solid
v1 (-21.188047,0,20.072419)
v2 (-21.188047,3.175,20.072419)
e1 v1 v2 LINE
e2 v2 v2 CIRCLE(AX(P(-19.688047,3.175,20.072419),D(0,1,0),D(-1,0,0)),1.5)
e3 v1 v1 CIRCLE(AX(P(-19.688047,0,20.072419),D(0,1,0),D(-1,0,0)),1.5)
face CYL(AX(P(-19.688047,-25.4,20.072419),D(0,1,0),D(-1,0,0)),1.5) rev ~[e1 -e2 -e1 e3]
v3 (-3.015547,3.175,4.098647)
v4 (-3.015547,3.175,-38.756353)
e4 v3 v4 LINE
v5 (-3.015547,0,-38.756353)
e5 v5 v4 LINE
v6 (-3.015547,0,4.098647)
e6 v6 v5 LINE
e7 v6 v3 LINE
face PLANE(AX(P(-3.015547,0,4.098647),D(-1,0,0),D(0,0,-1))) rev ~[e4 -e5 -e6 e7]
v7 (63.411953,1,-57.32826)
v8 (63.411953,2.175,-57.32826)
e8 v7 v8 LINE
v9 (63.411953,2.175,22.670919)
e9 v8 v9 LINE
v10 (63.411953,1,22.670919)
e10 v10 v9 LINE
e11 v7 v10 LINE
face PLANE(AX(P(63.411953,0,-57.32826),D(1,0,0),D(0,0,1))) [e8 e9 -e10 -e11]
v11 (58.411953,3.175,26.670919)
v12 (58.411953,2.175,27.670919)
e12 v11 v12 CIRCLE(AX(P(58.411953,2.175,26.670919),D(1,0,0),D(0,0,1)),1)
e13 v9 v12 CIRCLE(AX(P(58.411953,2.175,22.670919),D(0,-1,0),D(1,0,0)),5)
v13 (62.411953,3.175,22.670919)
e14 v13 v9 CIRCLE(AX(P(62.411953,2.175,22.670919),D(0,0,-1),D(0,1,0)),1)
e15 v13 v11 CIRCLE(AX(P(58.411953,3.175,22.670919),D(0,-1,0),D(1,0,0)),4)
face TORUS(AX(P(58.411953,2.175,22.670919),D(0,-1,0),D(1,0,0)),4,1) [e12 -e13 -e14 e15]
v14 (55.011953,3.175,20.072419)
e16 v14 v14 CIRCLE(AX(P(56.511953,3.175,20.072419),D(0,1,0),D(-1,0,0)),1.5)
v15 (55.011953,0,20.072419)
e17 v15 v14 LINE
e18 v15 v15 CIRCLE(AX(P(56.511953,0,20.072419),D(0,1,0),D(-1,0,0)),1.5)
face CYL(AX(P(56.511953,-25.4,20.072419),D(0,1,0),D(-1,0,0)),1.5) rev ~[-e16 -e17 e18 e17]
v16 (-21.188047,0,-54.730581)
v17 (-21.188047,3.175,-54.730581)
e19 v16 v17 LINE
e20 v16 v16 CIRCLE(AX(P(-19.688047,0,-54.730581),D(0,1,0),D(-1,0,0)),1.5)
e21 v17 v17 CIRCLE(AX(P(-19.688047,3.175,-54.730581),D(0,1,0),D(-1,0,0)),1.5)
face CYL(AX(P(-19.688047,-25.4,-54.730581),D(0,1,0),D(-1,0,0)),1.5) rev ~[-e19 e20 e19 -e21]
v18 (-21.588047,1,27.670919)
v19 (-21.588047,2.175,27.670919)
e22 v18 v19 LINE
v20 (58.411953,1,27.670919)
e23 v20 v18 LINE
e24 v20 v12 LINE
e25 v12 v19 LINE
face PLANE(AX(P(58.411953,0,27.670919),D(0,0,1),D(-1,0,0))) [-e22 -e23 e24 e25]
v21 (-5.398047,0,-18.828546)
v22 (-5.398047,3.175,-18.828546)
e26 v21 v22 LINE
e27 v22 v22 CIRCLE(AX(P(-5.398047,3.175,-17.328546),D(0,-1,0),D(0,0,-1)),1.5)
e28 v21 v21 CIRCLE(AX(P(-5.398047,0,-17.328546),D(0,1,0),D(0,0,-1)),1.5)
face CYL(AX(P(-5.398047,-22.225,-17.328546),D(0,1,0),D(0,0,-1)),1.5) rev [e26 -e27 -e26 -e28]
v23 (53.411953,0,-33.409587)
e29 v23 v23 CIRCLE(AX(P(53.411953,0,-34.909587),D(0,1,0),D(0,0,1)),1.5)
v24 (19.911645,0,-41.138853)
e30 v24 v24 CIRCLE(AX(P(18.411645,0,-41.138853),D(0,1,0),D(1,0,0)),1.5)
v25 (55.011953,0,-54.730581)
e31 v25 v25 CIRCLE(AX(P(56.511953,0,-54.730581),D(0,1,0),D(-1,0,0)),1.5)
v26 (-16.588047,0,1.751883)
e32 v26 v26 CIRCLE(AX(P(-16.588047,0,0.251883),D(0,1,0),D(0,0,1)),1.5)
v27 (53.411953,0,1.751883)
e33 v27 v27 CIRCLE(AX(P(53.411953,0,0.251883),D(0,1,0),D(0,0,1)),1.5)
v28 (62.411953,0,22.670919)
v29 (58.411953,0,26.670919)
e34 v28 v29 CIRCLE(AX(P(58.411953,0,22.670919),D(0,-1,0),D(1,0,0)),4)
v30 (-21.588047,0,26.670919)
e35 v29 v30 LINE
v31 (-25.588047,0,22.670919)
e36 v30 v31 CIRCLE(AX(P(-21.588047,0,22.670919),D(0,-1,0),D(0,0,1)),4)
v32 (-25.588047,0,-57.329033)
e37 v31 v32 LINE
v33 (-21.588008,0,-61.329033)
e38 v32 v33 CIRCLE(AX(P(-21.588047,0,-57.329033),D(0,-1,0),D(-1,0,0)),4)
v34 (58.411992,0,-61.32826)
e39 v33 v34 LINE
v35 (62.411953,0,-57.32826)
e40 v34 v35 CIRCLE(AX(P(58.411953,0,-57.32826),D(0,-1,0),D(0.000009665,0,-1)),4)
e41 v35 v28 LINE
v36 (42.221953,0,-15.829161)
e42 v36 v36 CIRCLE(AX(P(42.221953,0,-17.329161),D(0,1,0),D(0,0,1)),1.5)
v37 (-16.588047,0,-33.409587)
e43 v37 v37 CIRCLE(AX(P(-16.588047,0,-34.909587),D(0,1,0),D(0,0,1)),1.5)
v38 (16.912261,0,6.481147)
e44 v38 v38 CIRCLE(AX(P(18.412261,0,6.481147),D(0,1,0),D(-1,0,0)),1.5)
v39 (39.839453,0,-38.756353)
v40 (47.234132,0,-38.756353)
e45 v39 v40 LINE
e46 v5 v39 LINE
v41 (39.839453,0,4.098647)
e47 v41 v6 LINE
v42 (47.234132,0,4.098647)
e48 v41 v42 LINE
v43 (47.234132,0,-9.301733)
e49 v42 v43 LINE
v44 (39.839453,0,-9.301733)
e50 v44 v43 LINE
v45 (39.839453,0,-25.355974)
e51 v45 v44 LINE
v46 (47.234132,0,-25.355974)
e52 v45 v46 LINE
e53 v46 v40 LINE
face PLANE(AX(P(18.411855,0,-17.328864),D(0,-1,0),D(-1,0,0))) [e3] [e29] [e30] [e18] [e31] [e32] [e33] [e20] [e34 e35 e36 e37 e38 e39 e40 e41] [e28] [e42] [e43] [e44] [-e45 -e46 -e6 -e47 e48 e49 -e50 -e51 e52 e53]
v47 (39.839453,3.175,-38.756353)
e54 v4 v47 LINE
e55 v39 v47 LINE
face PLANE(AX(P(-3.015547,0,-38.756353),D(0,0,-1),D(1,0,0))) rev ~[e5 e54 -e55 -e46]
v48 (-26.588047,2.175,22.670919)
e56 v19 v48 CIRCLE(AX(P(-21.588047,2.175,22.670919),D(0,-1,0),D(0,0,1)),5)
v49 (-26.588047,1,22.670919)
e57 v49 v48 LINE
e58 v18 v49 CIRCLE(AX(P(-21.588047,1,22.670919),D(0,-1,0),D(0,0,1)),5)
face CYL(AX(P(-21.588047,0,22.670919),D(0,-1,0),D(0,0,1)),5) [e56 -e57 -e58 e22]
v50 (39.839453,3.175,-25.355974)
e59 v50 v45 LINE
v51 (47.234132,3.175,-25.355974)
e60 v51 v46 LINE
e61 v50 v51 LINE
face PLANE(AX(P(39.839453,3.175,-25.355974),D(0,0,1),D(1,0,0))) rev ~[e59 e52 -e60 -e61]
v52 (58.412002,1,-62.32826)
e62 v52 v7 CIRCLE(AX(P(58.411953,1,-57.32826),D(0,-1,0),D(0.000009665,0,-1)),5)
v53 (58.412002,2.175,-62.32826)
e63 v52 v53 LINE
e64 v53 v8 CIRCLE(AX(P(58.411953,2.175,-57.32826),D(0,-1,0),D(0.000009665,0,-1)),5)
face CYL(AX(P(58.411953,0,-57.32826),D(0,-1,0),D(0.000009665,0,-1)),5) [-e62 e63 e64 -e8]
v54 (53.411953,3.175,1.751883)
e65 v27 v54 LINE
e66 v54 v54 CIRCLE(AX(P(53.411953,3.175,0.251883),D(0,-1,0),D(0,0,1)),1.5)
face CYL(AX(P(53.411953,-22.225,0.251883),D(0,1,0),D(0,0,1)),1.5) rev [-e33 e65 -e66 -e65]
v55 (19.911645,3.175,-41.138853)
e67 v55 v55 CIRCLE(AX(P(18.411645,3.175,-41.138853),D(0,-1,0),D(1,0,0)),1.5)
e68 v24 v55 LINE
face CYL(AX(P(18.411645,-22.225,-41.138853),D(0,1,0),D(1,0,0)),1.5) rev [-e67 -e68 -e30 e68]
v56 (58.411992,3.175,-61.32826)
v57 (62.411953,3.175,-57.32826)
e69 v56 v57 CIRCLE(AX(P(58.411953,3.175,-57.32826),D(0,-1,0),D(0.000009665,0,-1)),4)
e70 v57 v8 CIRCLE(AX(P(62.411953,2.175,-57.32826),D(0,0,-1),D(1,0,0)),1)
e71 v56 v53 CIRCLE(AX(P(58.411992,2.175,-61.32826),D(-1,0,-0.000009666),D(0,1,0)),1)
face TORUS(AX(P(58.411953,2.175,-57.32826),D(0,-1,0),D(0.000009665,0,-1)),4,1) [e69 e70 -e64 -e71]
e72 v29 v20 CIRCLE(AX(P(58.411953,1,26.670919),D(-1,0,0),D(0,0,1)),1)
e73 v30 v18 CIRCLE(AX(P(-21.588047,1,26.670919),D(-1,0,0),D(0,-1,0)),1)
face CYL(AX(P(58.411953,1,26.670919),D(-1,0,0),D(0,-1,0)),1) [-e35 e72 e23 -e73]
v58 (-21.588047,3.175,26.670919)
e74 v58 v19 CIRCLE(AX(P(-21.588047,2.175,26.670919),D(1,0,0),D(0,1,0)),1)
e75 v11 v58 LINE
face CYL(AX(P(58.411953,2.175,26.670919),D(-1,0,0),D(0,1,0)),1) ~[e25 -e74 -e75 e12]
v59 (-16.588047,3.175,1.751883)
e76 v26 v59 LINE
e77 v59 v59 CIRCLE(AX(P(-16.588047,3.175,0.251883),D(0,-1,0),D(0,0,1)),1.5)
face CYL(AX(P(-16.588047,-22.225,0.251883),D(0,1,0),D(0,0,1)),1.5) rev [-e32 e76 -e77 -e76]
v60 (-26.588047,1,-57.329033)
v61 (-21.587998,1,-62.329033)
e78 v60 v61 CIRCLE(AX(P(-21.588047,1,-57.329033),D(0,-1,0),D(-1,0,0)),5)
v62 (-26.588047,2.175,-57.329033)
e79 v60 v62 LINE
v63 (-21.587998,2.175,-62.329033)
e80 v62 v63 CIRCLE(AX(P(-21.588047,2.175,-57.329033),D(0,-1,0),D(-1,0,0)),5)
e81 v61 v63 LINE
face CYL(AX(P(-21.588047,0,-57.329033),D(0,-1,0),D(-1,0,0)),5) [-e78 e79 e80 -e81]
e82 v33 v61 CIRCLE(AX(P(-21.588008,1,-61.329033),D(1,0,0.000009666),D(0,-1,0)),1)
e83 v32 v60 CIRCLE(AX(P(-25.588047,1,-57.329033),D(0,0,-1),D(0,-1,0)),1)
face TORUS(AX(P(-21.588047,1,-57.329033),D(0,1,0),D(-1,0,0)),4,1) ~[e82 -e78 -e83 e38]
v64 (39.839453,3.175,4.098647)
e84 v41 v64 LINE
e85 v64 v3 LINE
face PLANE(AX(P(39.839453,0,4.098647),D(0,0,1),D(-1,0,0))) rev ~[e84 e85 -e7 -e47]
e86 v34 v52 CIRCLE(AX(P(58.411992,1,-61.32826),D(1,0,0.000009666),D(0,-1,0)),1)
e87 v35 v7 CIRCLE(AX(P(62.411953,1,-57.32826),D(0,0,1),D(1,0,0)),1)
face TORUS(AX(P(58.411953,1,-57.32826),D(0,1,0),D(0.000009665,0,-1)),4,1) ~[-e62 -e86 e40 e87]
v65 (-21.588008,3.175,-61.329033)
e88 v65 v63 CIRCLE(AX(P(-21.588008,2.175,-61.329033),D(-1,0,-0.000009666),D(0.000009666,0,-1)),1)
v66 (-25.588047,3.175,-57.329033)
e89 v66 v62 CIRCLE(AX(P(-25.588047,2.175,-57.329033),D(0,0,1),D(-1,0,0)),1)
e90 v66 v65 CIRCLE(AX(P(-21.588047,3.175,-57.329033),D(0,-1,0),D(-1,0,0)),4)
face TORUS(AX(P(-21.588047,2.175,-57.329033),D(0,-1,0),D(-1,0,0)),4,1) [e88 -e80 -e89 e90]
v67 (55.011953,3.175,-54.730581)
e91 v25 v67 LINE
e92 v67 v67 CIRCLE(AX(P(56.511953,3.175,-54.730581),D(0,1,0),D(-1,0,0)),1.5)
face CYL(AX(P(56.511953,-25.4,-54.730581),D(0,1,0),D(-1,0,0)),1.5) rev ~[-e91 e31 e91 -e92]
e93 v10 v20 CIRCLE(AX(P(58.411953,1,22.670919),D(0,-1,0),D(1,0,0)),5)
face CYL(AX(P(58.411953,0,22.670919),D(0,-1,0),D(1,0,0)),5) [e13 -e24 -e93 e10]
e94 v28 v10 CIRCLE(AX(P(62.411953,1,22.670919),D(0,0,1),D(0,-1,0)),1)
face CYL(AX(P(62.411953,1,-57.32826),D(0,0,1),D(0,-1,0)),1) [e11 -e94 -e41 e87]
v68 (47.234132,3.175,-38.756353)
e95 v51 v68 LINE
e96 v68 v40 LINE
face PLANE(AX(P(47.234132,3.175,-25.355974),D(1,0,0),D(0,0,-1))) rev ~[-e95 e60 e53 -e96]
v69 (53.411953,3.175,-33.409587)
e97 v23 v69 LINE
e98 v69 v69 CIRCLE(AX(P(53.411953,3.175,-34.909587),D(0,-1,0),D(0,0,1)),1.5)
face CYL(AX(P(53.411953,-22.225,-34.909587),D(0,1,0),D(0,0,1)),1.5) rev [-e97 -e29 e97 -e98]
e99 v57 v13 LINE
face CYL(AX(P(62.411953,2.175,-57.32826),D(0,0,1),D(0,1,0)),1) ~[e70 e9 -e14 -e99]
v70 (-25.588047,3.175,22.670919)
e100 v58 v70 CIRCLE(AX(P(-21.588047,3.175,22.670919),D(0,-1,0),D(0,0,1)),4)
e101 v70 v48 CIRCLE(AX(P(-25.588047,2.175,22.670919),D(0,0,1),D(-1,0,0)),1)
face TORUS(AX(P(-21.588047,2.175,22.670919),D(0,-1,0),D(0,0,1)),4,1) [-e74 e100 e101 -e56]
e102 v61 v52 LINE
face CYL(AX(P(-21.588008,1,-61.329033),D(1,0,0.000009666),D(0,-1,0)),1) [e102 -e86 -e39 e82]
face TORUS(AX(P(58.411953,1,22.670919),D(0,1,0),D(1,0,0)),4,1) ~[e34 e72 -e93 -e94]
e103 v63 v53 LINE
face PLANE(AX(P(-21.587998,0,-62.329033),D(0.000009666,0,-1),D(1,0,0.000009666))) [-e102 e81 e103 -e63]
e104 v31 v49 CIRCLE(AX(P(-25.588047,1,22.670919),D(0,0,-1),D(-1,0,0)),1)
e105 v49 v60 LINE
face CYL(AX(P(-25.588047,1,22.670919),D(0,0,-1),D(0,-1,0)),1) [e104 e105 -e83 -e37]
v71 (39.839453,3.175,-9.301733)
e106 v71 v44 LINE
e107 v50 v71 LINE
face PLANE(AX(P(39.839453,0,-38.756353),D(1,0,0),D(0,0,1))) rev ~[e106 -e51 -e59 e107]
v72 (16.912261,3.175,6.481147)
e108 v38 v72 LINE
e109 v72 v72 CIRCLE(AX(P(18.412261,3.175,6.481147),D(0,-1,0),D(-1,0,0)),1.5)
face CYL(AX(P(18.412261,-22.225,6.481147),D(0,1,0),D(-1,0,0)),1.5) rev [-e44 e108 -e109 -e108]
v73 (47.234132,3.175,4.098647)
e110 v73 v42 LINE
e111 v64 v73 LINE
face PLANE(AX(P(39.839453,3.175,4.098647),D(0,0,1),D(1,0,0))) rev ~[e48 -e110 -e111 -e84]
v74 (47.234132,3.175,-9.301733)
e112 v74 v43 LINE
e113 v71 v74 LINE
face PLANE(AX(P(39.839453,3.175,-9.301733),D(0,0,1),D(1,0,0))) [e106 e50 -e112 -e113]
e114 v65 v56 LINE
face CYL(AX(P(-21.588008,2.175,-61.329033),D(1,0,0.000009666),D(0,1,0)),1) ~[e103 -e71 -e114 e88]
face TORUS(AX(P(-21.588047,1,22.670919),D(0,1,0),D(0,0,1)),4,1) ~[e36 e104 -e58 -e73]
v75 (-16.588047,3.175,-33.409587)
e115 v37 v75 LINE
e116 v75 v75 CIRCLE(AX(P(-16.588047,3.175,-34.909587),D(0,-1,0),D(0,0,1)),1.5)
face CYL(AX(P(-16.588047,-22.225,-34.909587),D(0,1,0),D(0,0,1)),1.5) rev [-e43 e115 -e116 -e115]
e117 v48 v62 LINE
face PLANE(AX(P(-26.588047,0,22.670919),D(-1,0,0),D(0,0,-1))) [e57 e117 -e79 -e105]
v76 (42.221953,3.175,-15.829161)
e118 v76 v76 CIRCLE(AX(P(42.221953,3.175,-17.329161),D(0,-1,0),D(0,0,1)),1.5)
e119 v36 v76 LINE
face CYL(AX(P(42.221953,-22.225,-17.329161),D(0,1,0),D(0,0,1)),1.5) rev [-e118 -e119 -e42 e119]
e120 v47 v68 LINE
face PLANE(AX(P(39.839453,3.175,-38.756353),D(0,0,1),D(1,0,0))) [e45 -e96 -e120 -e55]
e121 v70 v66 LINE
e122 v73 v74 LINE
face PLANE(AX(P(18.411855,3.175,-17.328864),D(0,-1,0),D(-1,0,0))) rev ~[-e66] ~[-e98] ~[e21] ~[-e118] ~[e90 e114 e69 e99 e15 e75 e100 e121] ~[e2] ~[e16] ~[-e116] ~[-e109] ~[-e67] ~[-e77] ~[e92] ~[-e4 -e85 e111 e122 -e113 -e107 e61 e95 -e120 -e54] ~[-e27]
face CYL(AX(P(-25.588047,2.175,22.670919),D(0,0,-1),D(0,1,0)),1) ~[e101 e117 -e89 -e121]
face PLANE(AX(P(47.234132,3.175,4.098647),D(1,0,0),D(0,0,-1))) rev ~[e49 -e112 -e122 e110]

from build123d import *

# Parameters (mm, degrees)
ALUMINUM_PLATE_DEPTH         = 3.175
SKETCH5_W                    = 7.394678559
SKETCH5_H                    = 13.40037918
SKETCH5_H_2                  = 13.400379181
CUT_EXTRUDE18_DEPTH          = 3.175
LPATTERN1_COUNT              = 2
LPATTERN1_PITCH              = 70
LPATTERN1_COUNT_DIR2         = 2
LPATTERN1_PITCH_DIR2         = 35.16147
CIRPATTERN1_COUNT            = 4
F_3_0_3_DIAMETER_HOLE5_D     = 3
F_3_0_3_DIAMETER_HOLE5_DEPTH = 25.4
F_3_0_3_DIAMETER_HOLE5_TIP   = 0.901290929
FILLET1_R                    = 1


with BuildPart() as part:
    # Sketch2 → Aluminum plate (new body)
    with BuildSketch(Plane(origin=(0, 0, 0), x_dir=(1, 0, 0), z_dir=(0, 1, 0))):
        with BuildLine():
            Line((58.411953225, -27.670918752), (-21.588046771, -27.670918749))
            ThreePointArc((-21.588046771, -27.670918749), (-25.123580677, -26.206452654), (-26.588046771, -22.670918748))
            Line((-26.588046771, -22.670918748), (-26.588046767, 57.329032922))
            ThreePointArc((-26.588046767, 57.329032922), (-25.123563586, 60.864583915), (-21.587998438, 62.329032922))
            Line((-21.587998438, 62.329032922), (58.412001558, 62.328259655))
            ThreePointArc((58.412001558, 62.328259655), (61.947504222, 60.863776475), (63.411953229, 57.328259655))
            Line((63.411953229, 57.328259655), (63.411953225, -22.670918752))
            ThreePointArc((63.411953225, -22.670918752), (61.947487131, -26.206452658), (58.411953225, -27.670918752))
        make_face()
        Polygon((39.839453224, -4.0986466), (-3.015546772, -4.098646598), (-3.01554677, 38.756353402), (39.83945323, 38.7563534), align=None, mode=Mode.SUBTRACT)
    extrude(amount=ALUMINUM_PLATE_DEPTH)

    # Sketch5 → Cut-Extrude18 (cut)
    with BuildSketch(Plane(origin=(0, 3.175, 0), x_dir=(1, 0, 0), z_dir=(0, 1, 0))):
        with Locations((43.53679251, 2.60154299)):
            Rectangle(SKETCH5_W, SKETCH5_H)
        with Locations((43.53679251, 32.056163809)):
            Rectangle(SKETCH5_W, SKETCH5_H_2)
    extrude(amount=-CUT_EXTRUDE18_DEPTH, mode=Mode.SUBTRACT)

    # Sketch12 → Ø3.0 (3) Diameter Hole3 (revolve, cut)
    with BuildSketch(Plane(origin=(-16.588046767, 3.175, -34.909587365), x_dir=(0, 0, 1), z_dir=(1, 0, 0))):
        Polygon((0, 0), (0, 26.301290929), (1.5, 25.4), (1.5, 0), align=None)
    f_3_0_3_diameter_hole3 = revolve(axis=Axis((-16.588046767, 9.525, -34.909587365), (0, -1, 0)), mode=Mode.SUBTRACT)

    # LPattern1: 3.0 _3_ Diameter Hole3 2 × 2
    with Locations(*[(i * LPATTERN1_PITCH, 0, j * LPATTERN1_PITCH_DIR2) for i in range(LPATTERN1_COUNT) for j in range(LPATTERN1_COUNT_DIR2) if (i, j) != (0, 0)]):
        add(f_3_0_3_diameter_hole3, mode=Mode.SUBTRACT)

    # Sketch14 → Ø3.0 (3) Diameter Hole4 (revolve, cut)
    with BuildSketch(Plane(origin=(42.221953226, 3.175, -17.329161252), x_dir=(0, 0, 1), z_dir=(1, 0, 0))):
        Polygon((0, 0), (0, 26.301290929), (1.5, 25.4), (1.5, 0), align=None)
    f_3_0_3_diameter_hole4 = revolve(axis=Axis((42.221953226, 9.525, -17.329161252), (0, -1, 0)), mode=Mode.SUBTRACT)

    # CirPattern1: Ø3.0 (3) Diameter Hole4 ×4 about axis
    cirpattern1_axis = Axis((18.411953227, 48.172334768, -17.328853403), (0, -1, 0))
    for i in range(1, CIRPATTERN1_COUNT):
        add(f_3_0_3_diameter_hole4.rotate(cirpattern1_axis, i * 360 / CIRPATTERN1_COUNT), mode=Mode.SUBTRACT)

    # Ø3.0 (3) Diameter Hole5
    with Locations(Plane.XZ):
        with Locations((-19.688046767, -54.730581251), (56.511953233, -54.730581251), (56.511953233, 20.072418749), (-19.688046767, 20.072418749)):
            Hole(F_3_0_3_DIAMETER_HOLE5_D / 2, depth=F_3_0_3_DIAMETER_HOLE5_DEPTH)
            with Locations((0, 0, -(F_3_0_3_DIAMETER_HOLE5_DEPTH + F_3_0_3_DIAMETER_HOLE5_TIP / 2))):  # 118° drill point
                Cone(0, F_3_0_3_DIAMETER_HOLE5_D / 2, F_3_0_3_DIAMETER_HOLE5_TIP, mode=Mode.SUBTRACT)

    # Fillet1
    fillet1_edges = [part.edges().sort_by_distance(p)[0] for p in [
        (-25.123580677, 0, 26.206452654),
        (-26.588046769, 0, -17.329057087),
        (-25.123563586, 0, -60.864583915),
        (18.41200156, 0, -62.328646289),
        (61.947504222, 0, -60.863776475),
        (63.411953227, 0, -17.328670452),
        (61.947487131, 0, 26.206452658),
        (61.947504222, 3.175, -60.863776475),
        (63.411953227, 3.175, -17.328670452),
        (61.947487131, 3.175, 26.206452658),
        (18.411953227, 3.175, 27.67091875),
        (-25.123580677, 3.175, 26.206452654),
        (-26.588046769, 3.175, -17.329057087),
        (-25.123563586, 3.175, -60.864583915),
        (18.411953227, 0, 27.67091875),
        (18.41200156, 3.175, -62.328646289),
    ]]
    fillet(fillet1_edges, radius=FILLET1_R)


solid = part.part
